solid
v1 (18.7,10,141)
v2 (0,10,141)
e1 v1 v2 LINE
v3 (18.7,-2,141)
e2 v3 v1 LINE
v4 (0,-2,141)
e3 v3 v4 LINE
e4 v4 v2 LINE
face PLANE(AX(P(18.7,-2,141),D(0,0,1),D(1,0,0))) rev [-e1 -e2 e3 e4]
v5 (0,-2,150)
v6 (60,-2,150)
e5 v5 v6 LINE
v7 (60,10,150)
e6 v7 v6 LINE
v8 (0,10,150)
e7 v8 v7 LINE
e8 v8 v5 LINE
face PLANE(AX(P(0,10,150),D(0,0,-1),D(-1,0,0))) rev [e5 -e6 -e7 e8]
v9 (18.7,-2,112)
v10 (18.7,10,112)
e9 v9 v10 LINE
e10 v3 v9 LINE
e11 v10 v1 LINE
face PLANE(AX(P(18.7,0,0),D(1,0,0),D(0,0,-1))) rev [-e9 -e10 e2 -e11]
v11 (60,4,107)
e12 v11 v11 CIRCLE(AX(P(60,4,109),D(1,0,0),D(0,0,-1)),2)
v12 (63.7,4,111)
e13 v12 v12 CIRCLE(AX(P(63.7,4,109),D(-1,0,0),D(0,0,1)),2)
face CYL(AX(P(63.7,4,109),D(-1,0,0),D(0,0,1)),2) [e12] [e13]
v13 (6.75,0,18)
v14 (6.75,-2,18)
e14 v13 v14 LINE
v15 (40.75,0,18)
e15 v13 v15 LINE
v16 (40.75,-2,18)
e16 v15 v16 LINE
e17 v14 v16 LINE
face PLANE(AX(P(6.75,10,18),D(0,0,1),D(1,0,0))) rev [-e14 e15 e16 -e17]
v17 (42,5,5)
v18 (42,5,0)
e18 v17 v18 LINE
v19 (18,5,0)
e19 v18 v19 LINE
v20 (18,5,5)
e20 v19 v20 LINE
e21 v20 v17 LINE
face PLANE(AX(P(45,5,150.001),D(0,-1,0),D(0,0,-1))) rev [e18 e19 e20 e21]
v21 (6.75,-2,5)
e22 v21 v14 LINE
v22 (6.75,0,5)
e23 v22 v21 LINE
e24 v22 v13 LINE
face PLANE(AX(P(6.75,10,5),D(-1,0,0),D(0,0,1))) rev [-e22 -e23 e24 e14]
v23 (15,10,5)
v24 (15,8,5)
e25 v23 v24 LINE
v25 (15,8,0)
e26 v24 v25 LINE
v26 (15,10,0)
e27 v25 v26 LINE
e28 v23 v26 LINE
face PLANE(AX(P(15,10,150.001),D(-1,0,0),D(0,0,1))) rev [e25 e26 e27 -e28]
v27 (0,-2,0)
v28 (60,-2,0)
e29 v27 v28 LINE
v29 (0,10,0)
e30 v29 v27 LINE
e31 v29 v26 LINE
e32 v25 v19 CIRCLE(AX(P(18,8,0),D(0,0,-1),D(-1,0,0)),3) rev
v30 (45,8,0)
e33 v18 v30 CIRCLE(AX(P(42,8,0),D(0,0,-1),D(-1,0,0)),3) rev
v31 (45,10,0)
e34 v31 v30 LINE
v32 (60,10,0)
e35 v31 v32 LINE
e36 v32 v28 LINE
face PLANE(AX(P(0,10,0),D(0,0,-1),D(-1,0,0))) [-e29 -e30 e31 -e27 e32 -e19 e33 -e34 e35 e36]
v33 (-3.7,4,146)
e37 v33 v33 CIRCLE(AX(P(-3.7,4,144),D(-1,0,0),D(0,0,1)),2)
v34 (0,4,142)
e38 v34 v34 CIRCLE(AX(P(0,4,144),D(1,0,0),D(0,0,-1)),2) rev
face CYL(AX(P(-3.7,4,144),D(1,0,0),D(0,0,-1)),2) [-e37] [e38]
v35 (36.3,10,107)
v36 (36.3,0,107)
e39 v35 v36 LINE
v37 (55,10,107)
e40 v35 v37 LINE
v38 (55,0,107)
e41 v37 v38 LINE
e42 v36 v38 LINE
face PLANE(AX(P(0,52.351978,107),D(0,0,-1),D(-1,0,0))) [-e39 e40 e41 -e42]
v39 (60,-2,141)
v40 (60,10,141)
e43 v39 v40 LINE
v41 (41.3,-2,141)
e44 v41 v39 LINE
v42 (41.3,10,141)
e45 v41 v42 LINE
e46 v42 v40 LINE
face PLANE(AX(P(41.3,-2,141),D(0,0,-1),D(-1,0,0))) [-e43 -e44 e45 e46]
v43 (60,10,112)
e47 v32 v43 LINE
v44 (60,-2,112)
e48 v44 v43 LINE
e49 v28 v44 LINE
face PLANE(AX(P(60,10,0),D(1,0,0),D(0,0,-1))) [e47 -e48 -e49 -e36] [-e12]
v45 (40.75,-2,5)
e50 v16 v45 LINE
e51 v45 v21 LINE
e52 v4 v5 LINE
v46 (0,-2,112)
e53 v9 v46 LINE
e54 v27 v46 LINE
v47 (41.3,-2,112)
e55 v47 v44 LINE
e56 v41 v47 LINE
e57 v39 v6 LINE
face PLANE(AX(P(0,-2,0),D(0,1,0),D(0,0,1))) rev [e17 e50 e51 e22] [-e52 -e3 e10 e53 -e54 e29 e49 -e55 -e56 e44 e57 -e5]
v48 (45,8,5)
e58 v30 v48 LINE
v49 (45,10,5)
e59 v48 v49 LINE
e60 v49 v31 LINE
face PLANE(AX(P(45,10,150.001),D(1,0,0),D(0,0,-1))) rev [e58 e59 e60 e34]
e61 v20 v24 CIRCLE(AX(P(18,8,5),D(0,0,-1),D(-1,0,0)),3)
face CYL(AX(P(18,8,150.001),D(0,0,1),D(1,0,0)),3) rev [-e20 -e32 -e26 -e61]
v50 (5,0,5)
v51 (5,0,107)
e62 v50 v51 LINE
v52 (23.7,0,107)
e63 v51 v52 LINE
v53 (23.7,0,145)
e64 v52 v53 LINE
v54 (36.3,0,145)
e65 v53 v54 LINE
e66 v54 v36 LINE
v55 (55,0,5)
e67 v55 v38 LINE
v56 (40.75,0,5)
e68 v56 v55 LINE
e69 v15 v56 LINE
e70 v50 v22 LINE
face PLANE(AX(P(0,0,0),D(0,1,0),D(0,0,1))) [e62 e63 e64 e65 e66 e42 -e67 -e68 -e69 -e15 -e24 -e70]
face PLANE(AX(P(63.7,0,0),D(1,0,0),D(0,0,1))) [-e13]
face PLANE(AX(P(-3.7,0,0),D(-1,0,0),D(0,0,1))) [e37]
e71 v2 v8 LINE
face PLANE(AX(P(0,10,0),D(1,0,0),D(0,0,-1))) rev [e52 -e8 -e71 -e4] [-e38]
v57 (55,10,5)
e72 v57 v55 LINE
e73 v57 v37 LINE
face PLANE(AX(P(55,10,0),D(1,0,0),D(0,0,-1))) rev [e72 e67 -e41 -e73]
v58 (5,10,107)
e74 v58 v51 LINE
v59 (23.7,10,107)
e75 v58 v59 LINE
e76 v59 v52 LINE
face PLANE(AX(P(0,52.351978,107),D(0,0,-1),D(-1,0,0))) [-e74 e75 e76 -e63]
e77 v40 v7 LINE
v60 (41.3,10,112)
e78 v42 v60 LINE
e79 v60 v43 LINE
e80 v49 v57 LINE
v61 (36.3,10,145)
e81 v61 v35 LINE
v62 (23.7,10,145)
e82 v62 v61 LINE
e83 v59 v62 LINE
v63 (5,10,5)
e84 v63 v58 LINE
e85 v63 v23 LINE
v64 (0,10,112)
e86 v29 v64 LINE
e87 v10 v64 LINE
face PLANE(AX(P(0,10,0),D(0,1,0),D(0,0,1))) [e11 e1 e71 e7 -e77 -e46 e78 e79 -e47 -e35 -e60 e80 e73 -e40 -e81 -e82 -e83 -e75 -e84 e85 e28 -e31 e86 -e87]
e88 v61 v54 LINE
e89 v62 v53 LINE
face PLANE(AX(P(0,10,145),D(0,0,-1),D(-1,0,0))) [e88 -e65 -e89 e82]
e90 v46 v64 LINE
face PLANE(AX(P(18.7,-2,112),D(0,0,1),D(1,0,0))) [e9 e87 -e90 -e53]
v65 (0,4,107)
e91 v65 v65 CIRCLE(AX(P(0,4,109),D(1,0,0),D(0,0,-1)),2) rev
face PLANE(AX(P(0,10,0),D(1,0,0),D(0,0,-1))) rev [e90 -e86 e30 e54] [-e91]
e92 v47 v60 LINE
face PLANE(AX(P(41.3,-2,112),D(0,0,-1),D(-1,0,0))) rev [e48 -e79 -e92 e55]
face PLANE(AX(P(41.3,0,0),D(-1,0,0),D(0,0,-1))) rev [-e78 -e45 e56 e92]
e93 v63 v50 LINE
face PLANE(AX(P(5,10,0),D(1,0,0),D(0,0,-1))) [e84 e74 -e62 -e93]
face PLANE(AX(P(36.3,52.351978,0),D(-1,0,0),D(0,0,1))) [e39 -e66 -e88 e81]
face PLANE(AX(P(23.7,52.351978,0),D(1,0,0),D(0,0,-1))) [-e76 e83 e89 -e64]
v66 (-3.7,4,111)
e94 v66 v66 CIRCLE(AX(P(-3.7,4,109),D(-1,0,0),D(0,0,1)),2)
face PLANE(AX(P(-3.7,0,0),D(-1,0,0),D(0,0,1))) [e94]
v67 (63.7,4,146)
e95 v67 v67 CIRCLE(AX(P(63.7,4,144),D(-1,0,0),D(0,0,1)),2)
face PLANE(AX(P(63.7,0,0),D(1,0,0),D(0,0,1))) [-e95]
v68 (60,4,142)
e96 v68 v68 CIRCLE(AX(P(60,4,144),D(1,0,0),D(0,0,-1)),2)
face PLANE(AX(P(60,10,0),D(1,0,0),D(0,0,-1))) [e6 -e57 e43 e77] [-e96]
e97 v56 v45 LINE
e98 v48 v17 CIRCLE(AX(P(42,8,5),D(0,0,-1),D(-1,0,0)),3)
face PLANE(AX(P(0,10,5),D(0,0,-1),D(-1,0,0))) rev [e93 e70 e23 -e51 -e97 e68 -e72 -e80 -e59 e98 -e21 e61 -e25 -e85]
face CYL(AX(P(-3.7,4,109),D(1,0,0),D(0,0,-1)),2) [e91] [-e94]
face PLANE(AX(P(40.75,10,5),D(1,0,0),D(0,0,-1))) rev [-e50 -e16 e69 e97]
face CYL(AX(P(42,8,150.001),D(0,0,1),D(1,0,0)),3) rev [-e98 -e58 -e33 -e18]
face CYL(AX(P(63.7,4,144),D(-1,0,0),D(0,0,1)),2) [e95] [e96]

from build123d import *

# Parameters (mm, degrees)
SKETCH1_W               = 60
SKETCH1_H               = 150
SKETCH1_W_2             = 50
SKETCH1_H_2             = 140
BOSS_EXTRUDE1_DEPTH     = 10
SKETCH1_2_W             = 60
SKETCH1_2_H             = 150
SKETCH1_2_W_2           = 50
SKETCH1_2_H_2           = 140
SKETCH1_2_W_3           = 12.5
SKETCH1_2_H_3           = 22.5
BOSS_EXTRUDE2_DEPTH     = 2
SKETCH2_W               = 29
SKETCH2_H               = 12
CUT_EXTRUDE1_DEPTH      = 18.7
SKETCH2_3_R             = 2
BOSS_EXTRUDE3_DEPTH     = 3.7
BOSS_EXTRUDE4_DEPTH     = 10
SKETCH4_W               = 34
SKETCH4_H               = 13
CUT_EXTRUDE2_DEPTH      = 164.406517618
CUT_EXTRUDE2_DEPTH_BACK = 164.406517618
CUT_EXTRUDE3_REACH      = 165.272
SKETCH5_W               = 30
SKETCH5_H               = 5
FILLET1_R               = 3


with BuildPart() as part:
    # Sketch1 → Boss-Extrude1 (new body)
    with BuildSketch(Plane(origin=(0, 0, 0), x_dir=(1, 0, 0), z_dir=(0, 1, 0))):
        with Locations((30, -75)):
            Rectangle(SKETCH1_W, SKETCH1_H)
        with Locations((30, -75)):
            Rectangle(SKETCH1_W_2, SKETCH1_H_2, mode=Mode.SUBTRACT)
    extrude(amount=BOSS_EXTRUDE1_DEPTH)

    # Sketch1<2> → Boss-Extrude2 (add)
    with BuildSketch(Plane(origin=(0, 0, 0), x_dir=(1, 0, 0), z_dir=(0, 1, 0))):
        with Locations((30, -75)):
            Rectangle(SKETCH1_2_W, SKETCH1_2_H)
        with Locations((30, -75)):
            Rectangle(SKETCH1_2_W_2, SKETCH1_2_H_2, mode=Mode.SUBTRACT)
        with Locations((30, -75)):
            Rectangle(SKETCH1_2_W_2, SKETCH1_2_H_2)
        with Locations((30, -34.617801795)):
            Rectangle(SKETCH1_2_W_3, SKETCH1_2_H_3)
    extrude(amount=-BOSS_EXTRUDE2_DEPTH)

    # Sketch2 → Cut-Extrude1 (cut)
    with BuildSketch(Plane.ZY):
        with Locations((126.5, 4)):
            Rectangle(SKETCH2_W, SKETCH2_H)
    cut_extrude1 = extrude(amount=-CUT_EXTRUDE1_DEPTH, mode=Mode.SUBTRACT)

    # Sketch2<3> → Boss-Extrude3 (add)
    with BuildSketch(Plane.ZY):
        with Locations(Location((109, 4, 0), (0, 0, 180))):
            Circle(SKETCH2_3_R)
        with Locations(Location((144, 4, 0), (0, 0, 180))):
            Circle(SKETCH2_3_R)
    boss_extrude3 = extrude(amount=BOSS_EXTRUDE3_DEPTH)

    # Mirror1: Cut-Extrude1, Boss-Extrude3 across plane
    add(cut_extrude1.mirror(Plane.ZY.offset(-30)), mode=Mode.SUBTRACT)
    add(boss_extrude3.mirror(Plane.ZY.offset(-30)))

    # Sketch3 → Boss-Extrude4 (add)
    with BuildSketch(Plane(origin=(0, 0, 0), x_dir=(1, 0, 0), z_dir=(0, 1, 0))):
        Polygon((23.7, -107), (5, -107), (5, -112), (18.7, -112), (18.7, -141), (5, -141), (5, -145), (23.7, -145), align=None)
        Polygon((36.3, -107), (36.3, -145), (55, -145), (55, -141), (41.3, -141), (41.3, -112), (55, -112), (55, -107), align=None)
    extrude(amount=BOSS_EXTRUDE4_DEPTH)

    # Sketch4 → Cut-Extrude2 (cut, two sides)
    with BuildSketch(Plane.XZ.offset(2)) as cut_extrude2_sk:
        with Locations((23.75, 11.5)):
            Rectangle(SKETCH4_W, SKETCH4_H)
    extrude(amount=CUT_EXTRUDE2_DEPTH, mode=Mode.SUBTRACT)
    extrude(cut_extrude2_sk.sketch, amount=-CUT_EXTRUDE2_DEPTH_BACK, mode=Mode.SUBTRACT)

    # Sketch5 → Cut-Extrude3 (cut, up to next)
    with BuildSketch(Plane(origin=(0, 0, 0), x_dir=(-1, 0, 0), z_dir=(0, 0, -1)), mode=Mode.PRIVATE) as cut_extrude3_sk1:
        with Locations((-30, 7.5)):
            Rectangle(SKETCH5_W, SKETCH5_H)
    cut_extrude3_tool1 = extrude(cut_extrude3_sk1.sketch, amount=-CUT_EXTRUDE3_REACH, mode=Mode.PRIVATE) & part.part
    add(cut_extrude3_tool1.solids().sort_by_distance((30, 7.5, 0))[0], mode=Mode.SUBTRACT)

    # Fillet1
    fillet1_edges = [part.edges().sort_by_distance(p)[0] for p in [
        (45, 5, 2.5),
        (15, 5, 2.5),
    ]]
    fillet(fillet1_edges, radius=FILLET1_R)


solid = part.part
